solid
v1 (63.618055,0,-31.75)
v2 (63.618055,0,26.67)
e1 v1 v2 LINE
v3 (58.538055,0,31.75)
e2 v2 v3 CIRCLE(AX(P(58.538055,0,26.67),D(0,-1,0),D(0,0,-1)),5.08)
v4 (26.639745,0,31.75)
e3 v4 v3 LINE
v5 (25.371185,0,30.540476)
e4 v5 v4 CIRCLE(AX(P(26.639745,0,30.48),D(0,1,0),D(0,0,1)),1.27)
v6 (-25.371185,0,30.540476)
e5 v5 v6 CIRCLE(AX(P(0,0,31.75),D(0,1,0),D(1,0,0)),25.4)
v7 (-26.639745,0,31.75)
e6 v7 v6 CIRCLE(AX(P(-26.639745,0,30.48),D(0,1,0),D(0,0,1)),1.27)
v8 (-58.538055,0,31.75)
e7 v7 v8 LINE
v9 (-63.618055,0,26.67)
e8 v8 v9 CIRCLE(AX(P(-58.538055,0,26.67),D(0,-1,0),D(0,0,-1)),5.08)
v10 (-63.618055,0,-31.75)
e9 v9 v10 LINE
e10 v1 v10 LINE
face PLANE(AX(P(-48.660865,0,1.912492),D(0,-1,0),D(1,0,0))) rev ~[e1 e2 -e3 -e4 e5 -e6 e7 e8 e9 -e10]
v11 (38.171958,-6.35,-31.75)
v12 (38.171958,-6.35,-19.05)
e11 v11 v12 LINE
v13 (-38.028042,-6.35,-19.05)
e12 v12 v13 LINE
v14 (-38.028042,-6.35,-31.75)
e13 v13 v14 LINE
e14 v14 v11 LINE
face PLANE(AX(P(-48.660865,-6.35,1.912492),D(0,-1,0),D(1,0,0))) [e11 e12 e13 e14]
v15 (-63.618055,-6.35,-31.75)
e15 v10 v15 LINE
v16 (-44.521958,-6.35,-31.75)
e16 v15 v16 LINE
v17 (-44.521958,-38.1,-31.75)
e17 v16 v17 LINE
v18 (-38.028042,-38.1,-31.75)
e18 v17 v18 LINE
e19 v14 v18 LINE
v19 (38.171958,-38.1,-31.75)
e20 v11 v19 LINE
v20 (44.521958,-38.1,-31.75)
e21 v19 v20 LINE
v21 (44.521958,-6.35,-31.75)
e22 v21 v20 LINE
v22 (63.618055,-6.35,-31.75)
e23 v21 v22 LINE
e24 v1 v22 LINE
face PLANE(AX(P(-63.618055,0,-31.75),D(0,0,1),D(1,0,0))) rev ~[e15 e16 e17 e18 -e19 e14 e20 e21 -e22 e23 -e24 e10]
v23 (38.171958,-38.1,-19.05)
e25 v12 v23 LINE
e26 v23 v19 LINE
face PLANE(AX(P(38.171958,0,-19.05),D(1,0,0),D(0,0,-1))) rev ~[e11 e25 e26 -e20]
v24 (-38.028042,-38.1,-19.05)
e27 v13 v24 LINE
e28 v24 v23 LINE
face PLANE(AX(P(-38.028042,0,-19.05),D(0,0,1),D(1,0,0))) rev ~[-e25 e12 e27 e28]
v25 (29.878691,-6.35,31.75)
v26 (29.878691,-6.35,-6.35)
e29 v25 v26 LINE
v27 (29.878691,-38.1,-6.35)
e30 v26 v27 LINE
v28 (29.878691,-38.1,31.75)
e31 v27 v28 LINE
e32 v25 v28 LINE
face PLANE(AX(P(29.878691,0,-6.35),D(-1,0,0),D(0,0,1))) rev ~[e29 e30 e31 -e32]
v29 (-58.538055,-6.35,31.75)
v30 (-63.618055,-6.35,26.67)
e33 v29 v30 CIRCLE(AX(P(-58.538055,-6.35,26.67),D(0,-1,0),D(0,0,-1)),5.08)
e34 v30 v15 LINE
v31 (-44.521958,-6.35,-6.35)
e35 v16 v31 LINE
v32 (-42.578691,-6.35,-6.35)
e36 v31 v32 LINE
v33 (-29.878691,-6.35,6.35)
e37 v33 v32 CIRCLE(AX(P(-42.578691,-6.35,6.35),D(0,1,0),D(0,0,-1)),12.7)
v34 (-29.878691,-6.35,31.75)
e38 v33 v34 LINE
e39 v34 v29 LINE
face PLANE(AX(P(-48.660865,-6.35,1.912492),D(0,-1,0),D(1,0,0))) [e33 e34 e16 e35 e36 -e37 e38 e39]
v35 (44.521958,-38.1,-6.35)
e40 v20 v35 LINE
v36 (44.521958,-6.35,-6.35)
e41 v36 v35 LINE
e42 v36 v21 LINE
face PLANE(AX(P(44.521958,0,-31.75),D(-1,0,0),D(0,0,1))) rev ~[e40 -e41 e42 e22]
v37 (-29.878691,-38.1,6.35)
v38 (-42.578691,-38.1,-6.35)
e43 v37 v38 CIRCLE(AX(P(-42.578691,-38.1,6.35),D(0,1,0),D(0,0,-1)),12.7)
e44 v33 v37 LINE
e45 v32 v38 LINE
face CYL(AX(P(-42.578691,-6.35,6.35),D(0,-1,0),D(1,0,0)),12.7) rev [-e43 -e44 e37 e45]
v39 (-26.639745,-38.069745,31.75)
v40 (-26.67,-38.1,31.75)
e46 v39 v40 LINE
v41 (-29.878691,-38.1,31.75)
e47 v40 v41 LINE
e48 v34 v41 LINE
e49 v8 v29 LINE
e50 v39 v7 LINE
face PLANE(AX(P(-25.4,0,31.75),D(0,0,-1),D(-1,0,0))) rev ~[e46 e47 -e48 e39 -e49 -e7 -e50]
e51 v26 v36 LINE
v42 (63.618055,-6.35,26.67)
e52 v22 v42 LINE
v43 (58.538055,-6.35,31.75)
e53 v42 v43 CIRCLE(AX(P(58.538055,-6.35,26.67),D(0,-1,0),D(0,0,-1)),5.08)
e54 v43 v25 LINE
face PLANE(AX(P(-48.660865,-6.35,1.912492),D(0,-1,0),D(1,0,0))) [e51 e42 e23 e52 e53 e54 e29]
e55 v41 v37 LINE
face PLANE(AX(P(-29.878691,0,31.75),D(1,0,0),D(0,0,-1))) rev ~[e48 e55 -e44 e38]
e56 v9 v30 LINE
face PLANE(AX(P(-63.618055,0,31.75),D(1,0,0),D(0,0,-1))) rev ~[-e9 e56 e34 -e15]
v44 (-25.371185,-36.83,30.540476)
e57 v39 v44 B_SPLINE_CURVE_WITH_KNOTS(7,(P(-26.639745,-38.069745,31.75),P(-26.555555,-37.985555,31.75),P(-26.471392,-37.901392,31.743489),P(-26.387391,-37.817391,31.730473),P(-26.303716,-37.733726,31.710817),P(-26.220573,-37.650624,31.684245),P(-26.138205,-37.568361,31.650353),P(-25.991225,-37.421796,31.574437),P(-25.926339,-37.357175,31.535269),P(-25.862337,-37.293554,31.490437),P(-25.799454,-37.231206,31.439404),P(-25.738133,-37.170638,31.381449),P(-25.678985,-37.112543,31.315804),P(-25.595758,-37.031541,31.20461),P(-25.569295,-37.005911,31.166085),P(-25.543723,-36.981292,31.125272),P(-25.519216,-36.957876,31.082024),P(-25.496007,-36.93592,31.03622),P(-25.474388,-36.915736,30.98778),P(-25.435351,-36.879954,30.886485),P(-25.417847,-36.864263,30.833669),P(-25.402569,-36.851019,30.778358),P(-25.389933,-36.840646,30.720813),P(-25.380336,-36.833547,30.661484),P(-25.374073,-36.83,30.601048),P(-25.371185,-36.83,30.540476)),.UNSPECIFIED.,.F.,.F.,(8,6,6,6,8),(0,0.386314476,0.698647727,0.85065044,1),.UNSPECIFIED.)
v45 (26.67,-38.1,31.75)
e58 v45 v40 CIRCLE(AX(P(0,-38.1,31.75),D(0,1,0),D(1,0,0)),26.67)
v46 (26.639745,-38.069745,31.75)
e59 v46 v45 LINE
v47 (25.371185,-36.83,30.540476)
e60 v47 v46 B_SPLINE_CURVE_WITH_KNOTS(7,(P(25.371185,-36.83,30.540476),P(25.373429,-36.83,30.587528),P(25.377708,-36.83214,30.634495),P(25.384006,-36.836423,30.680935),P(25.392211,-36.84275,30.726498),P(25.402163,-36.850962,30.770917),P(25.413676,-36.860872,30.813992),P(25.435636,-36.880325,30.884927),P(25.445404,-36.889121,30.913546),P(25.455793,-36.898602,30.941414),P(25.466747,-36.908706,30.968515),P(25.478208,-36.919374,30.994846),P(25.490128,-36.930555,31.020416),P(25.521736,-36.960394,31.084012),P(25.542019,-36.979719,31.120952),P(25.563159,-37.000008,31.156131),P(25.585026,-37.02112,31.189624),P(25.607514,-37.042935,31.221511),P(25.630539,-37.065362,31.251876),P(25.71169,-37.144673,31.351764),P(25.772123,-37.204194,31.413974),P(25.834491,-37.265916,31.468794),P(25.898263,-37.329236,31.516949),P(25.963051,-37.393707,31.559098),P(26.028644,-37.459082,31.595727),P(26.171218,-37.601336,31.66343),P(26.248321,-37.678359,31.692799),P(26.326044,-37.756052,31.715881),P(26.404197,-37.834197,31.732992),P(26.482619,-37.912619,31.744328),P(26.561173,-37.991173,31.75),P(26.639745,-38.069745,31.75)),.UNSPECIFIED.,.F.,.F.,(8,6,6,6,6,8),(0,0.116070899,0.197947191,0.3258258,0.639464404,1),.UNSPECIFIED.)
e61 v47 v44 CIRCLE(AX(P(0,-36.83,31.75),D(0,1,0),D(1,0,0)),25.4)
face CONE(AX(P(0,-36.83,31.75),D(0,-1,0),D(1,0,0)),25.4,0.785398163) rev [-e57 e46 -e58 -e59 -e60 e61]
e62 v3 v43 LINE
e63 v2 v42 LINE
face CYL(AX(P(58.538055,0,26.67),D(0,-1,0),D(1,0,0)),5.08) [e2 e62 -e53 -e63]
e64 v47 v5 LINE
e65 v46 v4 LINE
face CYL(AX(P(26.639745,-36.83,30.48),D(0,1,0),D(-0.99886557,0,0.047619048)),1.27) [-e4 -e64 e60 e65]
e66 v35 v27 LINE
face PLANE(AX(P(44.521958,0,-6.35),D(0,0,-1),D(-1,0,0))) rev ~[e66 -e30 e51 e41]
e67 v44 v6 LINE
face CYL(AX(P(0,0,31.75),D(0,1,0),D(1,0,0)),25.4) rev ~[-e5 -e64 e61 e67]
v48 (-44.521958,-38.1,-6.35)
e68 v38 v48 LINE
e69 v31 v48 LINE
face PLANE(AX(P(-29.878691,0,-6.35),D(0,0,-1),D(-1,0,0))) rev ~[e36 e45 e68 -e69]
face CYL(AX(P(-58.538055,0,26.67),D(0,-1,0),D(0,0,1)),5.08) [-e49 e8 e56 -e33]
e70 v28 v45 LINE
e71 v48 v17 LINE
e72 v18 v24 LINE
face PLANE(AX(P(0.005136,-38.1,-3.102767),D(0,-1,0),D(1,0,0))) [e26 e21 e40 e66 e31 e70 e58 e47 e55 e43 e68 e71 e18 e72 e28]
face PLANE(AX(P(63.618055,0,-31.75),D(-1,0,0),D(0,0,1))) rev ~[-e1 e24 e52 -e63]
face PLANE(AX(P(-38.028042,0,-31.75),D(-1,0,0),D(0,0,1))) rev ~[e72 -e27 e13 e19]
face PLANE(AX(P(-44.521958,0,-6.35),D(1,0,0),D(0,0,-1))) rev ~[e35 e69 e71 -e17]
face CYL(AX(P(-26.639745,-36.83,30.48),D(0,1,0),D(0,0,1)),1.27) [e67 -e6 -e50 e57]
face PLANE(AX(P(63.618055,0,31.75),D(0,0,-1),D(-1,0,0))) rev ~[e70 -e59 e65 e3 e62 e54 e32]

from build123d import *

# Parameters (mm, degrees)
F0_W     = 76.2
F0_H     = 12.7
F1_DEPTH = 6.35
F2_DEPTH = 38.1
F3_R     = 5.08
F4_SIZE  = 1.27
F5_R     = 1.27
F6_R     = 12.7


with BuildPart() as f1:
    # F0 (on Front) → F1 (new body)
    with BuildSketch(Plane.XZ):
        Polygon((-29.878691, -6.35), (-29.878691, 31.75), (-63.618055, 31.75), (-63.618055, -31.75), (-44.521958, -31.75), (-44.521958, -19.05), (-44.521958, -6.35), (-38.028042, -6.35), align=None)
        Polygon((63.618055, -31.75), (63.618055, 31.75), (29.878691, 31.75), (29.878691, -6.35), (38.171958, -6.35), (44.521958, -6.35), (44.521958, -19.05), (44.521958, -31.75), align=None)
        with BuildLine():
            Line((29.878691, -6.35), (29.878691, 31.75))
            Line((29.878691, 31.75), (25.4, 31.75))
            ThreePointArc((25.4, 31.75), (0, 6.35), (-25.4, 31.75))
            Line((-25.4, 31.75), (-29.878691, 31.75))
            Line((-29.878691, 31.75), (-29.878691, -6.35))
            Line((-29.878691, -6.35), (-38.028042, -6.35))
            Line((-38.028042, -6.35), (-44.521958, -6.35))
            Line((-44.521958, -6.35), (-44.521958, -19.05))
            Line((-44.521958, -19.05), (-44.521958, -31.75))
            Line((-44.521958, -31.75), (-38.028042, -31.75))
            Line((-38.028042, -31.75), (-38.028042, -19.05))
            Line((-38.028042, -19.05), (38.171958, -19.05))
            Line((38.171958, -19.05), (38.171958, -31.75))
            Line((38.171958, -31.75), (44.521958, -31.75))
            Line((44.521958, -31.75), (44.521958, -19.05))
            Line((44.521958, -19.05), (44.521958, -6.35))
            Line((44.521958, -6.35), (38.171958, -6.35))
            Line((38.171958, -6.35), (29.878691, -6.35))
        make_face()
        with Locations((0.071958, -25.4)):
            Rectangle(F0_W, F0_H)
    extrude(amount=F1_DEPTH)

    # F0 (on Front) → F2 (join)
    with BuildSketch(Plane.XZ):
        with BuildLine():
            Line((29.878691, -6.35), (29.878691, 31.75))
            Line((29.878691, 31.75), (25.4, 31.75))
            ThreePointArc((25.4, 31.75), (0, 6.35), (-25.4, 31.75))
            Line((-25.4, 31.75), (-29.878691, 31.75))
            Line((-29.878691, 31.75), (-29.878691, -6.35))
            Line((-29.878691, -6.35), (-38.028042, -6.35))
            Line((-38.028042, -6.35), (-44.521958, -6.35))
            Line((-44.521958, -6.35), (-44.521958, -19.05))
            Line((-44.521958, -19.05), (-44.521958, -31.75))
            Line((-44.521958, -31.75), (-38.028042, -31.75))
            Line((-38.028042, -31.75), (-38.028042, -19.05))
            Line((-38.028042, -19.05), (38.171958, -19.05))
            Line((38.171958, -19.05), (38.171958, -31.75))
            Line((38.171958, -31.75), (44.521958, -31.75))
            Line((44.521958, -31.75), (44.521958, -19.05))
            Line((44.521958, -19.05), (44.521958, -6.35))
            Line((44.521958, -6.35), (38.171958, -6.35))
            Line((38.171958, -6.35), (29.878691, -6.35))
        make_face()
    extrude(amount=F2_DEPTH)

    # F3
    f3_edges = [f1.edges().sort_by_distance(p)[0] for p in [
        (-63.618055, -3.175, 31.75),
        (63.618055, -3.175, 31.75),
    ]]
    fillet(f3_edges, radius=F3_R)

    # F4
    f4_edges = [f1.edges().sort_by_distance(p)[0] for p in [
        (0, -38.1, 6.35),
    ]]
    chamfer(f4_edges, length=F4_SIZE)

    # F5
    f5_edges = [f1.edges().sort_by_distance(p)[0] for p in [
        (25.4, -18.415, 31.75),
        (-25.4, -18.415, 31.75),
    ]]
    fillet(f5_edges, radius=F5_R)

    # F6
    f6_edges = [f1.edges().sort_by_distance(p)[0] for p in [
        (-29.878691, -22.225, -6.35),
    ]]
    fillet(f6_edges, radius=F6_R)


solid = f1.part
